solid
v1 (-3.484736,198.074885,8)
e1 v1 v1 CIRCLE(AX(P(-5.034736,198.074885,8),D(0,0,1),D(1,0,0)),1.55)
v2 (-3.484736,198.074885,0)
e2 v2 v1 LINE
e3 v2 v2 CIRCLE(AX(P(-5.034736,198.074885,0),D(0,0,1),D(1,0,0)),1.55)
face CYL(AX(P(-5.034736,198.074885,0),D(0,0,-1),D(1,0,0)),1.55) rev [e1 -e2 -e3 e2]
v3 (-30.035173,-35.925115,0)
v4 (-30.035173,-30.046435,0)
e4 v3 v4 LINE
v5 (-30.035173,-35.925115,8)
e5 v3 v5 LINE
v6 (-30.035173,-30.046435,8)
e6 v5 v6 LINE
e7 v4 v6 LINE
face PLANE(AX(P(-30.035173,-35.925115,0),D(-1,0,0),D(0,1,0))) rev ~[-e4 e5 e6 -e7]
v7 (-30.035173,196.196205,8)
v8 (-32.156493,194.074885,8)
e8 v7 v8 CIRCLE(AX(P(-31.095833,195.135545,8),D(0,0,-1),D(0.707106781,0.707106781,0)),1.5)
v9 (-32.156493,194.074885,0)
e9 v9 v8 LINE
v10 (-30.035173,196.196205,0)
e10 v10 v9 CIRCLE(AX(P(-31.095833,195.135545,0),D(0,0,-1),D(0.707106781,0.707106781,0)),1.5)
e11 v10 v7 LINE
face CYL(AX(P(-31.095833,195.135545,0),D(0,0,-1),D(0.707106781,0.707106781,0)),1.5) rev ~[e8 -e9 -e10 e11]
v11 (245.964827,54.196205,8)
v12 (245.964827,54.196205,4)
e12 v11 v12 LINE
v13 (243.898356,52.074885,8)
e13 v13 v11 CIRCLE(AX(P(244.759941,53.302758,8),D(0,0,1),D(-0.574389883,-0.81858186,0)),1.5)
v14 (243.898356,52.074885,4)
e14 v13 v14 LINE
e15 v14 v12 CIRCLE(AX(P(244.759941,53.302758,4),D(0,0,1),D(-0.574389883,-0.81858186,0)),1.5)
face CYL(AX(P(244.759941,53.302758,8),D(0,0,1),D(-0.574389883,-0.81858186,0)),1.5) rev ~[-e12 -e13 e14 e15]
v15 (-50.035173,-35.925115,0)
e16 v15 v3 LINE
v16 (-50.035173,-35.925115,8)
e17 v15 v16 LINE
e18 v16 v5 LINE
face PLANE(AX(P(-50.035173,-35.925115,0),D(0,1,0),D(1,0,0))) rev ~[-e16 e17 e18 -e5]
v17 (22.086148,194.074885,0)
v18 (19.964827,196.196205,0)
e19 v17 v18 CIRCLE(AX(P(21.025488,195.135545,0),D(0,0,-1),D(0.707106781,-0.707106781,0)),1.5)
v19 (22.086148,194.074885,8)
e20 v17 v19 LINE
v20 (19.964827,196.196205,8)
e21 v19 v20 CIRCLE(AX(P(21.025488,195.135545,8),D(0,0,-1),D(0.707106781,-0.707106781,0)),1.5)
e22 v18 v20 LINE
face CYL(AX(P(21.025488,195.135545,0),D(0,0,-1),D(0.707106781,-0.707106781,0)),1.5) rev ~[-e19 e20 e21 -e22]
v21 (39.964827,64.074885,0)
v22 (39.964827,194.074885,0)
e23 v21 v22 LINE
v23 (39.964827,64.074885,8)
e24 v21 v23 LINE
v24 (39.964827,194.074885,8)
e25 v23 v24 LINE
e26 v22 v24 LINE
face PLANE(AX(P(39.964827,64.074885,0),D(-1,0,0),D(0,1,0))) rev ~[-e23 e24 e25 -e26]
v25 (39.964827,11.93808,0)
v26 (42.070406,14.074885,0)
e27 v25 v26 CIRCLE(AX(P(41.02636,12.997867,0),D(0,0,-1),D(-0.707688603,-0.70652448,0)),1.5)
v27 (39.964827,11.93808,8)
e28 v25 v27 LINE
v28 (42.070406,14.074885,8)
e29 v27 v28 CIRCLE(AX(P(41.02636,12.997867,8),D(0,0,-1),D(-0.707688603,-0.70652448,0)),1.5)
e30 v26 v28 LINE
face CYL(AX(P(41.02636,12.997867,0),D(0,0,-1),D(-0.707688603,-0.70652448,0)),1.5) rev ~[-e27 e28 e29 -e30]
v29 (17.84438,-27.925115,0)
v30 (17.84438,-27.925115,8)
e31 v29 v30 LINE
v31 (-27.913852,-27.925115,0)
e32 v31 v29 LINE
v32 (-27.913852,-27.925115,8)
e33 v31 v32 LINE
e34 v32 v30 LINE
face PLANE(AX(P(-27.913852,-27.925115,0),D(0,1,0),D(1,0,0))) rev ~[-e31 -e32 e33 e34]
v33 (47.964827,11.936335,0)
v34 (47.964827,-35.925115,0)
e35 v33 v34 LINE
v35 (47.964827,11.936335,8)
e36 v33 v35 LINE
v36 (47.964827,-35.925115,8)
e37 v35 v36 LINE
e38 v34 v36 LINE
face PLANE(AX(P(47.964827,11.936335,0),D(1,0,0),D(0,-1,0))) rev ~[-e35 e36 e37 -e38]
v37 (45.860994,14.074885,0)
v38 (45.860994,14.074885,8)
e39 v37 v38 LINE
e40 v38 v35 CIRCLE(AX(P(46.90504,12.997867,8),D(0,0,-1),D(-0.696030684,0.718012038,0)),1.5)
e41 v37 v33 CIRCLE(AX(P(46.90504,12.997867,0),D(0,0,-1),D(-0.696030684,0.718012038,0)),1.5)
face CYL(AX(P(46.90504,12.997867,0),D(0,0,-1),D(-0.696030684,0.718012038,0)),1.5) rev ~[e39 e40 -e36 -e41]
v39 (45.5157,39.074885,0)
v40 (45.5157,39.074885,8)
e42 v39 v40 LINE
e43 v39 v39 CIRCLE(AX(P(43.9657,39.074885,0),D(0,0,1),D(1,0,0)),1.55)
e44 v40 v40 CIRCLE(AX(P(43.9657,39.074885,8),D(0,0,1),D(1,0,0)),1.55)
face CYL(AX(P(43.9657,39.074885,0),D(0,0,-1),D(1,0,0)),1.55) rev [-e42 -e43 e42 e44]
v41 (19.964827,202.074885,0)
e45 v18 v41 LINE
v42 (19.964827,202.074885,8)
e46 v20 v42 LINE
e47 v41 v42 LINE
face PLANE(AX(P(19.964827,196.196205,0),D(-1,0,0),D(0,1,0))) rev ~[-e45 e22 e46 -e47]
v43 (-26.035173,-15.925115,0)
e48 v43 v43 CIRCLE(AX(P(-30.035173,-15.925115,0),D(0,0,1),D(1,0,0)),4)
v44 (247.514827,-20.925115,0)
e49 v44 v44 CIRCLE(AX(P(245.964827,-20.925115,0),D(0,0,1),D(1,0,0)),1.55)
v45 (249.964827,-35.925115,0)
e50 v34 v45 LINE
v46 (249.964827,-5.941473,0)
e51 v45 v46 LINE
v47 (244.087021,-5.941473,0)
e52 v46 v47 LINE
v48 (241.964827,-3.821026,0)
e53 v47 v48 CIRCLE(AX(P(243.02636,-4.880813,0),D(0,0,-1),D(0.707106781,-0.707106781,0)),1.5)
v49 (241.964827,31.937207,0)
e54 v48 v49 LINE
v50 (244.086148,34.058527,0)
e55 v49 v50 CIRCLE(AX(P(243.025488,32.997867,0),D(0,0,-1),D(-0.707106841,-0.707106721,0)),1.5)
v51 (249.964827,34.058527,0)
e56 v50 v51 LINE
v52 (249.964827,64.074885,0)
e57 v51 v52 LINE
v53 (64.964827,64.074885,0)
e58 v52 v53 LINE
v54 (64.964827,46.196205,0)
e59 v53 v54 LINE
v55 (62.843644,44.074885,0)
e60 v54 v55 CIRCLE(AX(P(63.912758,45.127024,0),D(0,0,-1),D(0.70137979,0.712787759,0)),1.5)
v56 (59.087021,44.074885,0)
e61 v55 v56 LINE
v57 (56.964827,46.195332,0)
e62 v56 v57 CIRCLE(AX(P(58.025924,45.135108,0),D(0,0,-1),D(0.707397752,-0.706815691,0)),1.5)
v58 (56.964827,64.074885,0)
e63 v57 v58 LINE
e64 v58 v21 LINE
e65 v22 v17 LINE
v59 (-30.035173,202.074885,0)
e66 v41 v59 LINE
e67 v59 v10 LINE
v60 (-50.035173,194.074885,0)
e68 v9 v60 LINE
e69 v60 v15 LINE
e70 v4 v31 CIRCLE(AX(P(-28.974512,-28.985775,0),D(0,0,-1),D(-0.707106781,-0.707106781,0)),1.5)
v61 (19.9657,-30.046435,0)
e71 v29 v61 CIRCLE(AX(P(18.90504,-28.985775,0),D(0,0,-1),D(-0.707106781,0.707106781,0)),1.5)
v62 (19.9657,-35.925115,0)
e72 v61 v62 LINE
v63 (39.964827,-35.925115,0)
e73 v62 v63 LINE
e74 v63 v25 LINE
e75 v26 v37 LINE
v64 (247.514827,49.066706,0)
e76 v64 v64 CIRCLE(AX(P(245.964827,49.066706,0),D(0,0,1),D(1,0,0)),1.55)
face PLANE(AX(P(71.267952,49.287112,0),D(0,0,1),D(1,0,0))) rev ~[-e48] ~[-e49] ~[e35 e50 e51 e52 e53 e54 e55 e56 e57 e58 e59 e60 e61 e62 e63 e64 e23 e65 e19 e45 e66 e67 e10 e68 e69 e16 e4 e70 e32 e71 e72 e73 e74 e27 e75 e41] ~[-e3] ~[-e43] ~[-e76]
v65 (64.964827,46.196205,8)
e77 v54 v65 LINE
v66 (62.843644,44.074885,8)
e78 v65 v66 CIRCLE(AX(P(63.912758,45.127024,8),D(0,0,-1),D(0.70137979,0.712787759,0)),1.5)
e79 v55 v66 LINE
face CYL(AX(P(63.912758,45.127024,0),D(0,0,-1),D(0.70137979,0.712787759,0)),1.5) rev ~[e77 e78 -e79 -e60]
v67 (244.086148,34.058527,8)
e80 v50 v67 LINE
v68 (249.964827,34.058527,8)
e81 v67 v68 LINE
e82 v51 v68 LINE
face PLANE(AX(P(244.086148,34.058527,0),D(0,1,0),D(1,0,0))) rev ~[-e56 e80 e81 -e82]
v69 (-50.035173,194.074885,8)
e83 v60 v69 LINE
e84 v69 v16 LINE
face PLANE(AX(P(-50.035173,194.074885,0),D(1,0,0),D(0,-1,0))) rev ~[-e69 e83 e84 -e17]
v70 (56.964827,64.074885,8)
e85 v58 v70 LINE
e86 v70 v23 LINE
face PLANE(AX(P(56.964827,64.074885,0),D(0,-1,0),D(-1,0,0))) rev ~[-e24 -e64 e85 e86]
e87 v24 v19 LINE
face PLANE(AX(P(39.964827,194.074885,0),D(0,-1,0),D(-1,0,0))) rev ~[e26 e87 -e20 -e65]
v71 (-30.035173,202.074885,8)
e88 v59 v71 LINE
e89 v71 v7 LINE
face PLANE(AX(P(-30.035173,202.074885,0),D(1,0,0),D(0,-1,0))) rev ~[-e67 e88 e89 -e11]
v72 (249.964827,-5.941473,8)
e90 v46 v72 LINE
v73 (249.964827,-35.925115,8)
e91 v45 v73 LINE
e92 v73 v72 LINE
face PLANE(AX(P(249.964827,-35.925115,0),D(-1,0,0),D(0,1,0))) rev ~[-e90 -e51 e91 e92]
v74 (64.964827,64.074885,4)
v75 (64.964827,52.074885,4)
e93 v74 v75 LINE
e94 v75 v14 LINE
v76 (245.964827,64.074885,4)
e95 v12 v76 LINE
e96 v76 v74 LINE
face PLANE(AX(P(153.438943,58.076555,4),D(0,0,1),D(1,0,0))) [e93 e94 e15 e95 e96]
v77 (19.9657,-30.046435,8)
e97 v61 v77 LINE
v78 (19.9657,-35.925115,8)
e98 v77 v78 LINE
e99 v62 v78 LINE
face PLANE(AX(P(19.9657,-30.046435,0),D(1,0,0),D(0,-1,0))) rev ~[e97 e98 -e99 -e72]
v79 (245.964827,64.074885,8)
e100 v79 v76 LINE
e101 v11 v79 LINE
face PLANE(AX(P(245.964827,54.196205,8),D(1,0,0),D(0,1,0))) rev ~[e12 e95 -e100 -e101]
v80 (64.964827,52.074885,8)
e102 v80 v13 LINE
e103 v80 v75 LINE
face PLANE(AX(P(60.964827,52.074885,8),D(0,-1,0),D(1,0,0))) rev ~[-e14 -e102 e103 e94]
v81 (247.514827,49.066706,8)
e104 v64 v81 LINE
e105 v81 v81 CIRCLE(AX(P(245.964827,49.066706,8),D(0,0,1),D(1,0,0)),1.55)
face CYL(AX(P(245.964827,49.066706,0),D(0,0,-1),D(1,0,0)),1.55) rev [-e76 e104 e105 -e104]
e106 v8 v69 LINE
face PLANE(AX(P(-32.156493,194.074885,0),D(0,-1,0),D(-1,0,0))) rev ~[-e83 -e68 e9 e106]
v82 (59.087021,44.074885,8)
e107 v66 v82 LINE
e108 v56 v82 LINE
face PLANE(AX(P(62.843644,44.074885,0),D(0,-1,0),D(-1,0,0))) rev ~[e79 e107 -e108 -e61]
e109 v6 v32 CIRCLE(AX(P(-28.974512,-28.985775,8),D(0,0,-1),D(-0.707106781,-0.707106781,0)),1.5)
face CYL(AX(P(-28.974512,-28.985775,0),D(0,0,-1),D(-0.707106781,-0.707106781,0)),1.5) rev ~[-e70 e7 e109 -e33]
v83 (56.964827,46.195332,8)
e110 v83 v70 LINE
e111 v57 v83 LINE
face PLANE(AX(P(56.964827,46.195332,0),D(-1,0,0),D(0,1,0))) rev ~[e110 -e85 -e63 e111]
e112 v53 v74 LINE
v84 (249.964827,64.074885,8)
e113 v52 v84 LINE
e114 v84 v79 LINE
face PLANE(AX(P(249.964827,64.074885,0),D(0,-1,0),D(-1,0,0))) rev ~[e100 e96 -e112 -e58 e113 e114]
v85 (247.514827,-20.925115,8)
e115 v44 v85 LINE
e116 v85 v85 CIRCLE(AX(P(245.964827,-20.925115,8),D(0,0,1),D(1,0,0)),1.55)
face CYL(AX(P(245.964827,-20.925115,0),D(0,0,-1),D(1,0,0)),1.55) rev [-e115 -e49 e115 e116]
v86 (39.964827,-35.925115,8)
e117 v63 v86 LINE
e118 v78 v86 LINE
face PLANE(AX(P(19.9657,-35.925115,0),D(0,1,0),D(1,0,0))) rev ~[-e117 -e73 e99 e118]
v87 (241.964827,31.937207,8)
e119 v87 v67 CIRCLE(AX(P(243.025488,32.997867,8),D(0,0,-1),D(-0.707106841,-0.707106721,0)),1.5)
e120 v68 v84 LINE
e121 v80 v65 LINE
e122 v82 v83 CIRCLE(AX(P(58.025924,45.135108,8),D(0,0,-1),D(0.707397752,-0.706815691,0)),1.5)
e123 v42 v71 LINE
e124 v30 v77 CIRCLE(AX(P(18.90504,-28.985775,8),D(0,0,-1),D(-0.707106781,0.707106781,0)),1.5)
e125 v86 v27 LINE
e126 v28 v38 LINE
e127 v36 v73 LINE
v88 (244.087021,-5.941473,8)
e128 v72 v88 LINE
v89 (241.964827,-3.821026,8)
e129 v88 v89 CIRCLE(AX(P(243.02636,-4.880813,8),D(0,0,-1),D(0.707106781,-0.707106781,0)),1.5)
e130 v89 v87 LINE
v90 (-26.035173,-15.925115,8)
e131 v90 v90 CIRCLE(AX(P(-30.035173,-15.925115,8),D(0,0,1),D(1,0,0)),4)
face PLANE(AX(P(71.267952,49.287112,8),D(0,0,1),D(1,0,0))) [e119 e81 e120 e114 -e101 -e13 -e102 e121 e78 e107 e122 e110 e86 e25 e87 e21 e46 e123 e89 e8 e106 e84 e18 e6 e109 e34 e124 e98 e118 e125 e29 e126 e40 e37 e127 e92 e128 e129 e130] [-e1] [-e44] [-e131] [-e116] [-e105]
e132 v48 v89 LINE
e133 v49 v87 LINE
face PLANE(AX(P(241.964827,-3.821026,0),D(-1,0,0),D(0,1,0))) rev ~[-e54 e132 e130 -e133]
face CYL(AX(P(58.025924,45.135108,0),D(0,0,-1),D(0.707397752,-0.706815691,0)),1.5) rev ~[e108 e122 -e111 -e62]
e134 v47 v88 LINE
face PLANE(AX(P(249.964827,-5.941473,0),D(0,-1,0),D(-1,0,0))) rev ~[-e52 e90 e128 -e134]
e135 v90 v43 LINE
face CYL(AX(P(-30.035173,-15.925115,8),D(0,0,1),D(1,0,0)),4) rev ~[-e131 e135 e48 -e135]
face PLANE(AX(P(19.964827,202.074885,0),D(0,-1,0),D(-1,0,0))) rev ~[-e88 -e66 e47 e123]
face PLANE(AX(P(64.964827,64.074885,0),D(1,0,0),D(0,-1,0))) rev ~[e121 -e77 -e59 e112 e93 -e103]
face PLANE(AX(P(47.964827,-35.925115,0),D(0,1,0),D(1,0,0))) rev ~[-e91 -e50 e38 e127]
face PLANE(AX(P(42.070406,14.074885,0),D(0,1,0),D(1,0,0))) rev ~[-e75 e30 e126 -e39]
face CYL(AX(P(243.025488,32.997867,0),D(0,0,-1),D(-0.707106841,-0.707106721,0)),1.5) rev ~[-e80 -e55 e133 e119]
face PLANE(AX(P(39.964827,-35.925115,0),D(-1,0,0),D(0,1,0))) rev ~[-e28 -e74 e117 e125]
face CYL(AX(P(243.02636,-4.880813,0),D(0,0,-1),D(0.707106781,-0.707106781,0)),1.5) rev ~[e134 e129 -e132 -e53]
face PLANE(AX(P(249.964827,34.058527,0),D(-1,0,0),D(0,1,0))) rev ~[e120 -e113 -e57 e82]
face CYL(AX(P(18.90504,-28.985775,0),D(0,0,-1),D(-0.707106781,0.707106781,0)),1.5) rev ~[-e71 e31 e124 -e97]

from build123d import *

# Parameters (mm, degrees)
ESQUISSE1_R             = 1.55
BOSS_EXTRU_1_DEPTH      = 8
ENL_V_MAT_EXTRU_1_DEPTH = 4
ESQUISSE3_R             = 4
ENL_V_MAT_EXTRU_2_DEPTH = 8


with BuildPart() as part:
    # Esquisse1 → Boss.-Extru.1 (new body)
    with BuildSketch(Plane.XY):
        with BuildLine():
            Line((-50.035172564, 24.058527132), (-50.035172564, -35.925114983))
            Line((-50.035172564, -35.925114983), (-30.035172564, -35.925114983))
            Line((-30.035172564, -35.925114983), (-30.035172564, -30.046435327))
            ThreePointArc((-30.035172564, -30.046435327), (-30.035172564, -27.925114983), (-27.913852221, -27.925114983))
            Line((-27.913852221, -27.925114983), (17.844379825, -27.925114983))
            ThreePointArc((17.844379825, -27.925114983), (19.965700169, -27.925114983), (19.965700169, -30.046435327))
            Line((19.965700169, -30.046435327), (19.965700169, -35.925114983))
            Line((19.965700169, -35.925114983), (39.964827436, -35.925114983))
            Line((39.964827436, -35.925114983), (39.964827436, 11.93808024))
            ThreePointArc((39.964827436, 11.93808024), (39.957922176, 14.050691679), (42.070406367, 14.074885017))
            Line((42.070406367, 14.074885017), (45.86099397, 14.074885017))
            ThreePointArc((45.86099397, 14.074885017), (47.974344085, 14.04981219), (47.964827436, 11.936334773))
            Line((47.964827436, 11.936334773), (47.964827436, -35.925114983))
            Line((47.964827436, -35.925114983), (249.964827436, -35.925114983))
            Line((249.964827436, -35.925114983), (249.964827436, -5.941472868))
            Line((249.964827436, -5.941472868), (244.087020512, -5.941472868))
            ThreePointArc((244.087020512, -5.941472868), (241.966136804, -5.941909324), (241.964827436, -3.821025976))
            Line((241.964827436, -3.821025976), (241.964827436, 31.937207148))
            ThreePointArc((241.964827436, 31.937207148), (241.964827616, 34.058527312), (244.086147779, 34.058527132))
            Line((244.086147779, 34.058527132), (249.964827436, 34.058527132))
            Line((249.964827436, 34.058527132), (249.964827436, 64.074885017))
            Line((249.964827436, 64.074885017), (64.964827436, 64.074885017))
            Line((64.964827436, 64.074885017), (64.964827436, 46.19620536))
            ThreePointArc((64.964827436, 46.19620536), (64.973452157, 44.066397786), (62.843644031, 44.074885017))
            Line((62.843644031, 44.074885017), (59.087020512, 44.074885017))
            ThreePointArc((59.087020512, 44.074885017), (56.965700528, 44.074011925), (56.964827436, 46.195331909))
            Line((56.964827436, 46.195331909), (56.964827436, 64.074885017))
            Line((56.964827436, 64.074885017), (39.964827436, 64.074885017))
            Line((39.964827436, 64.074885017), (39.964827436, 194.074885017))
            Line((39.964827436, 194.074885017), (22.086147779, 194.074885017))
            ThreePointArc((22.086147779, 194.074885017), (19.964827436, 194.074885017), (19.964827436, 196.19620536))
            Line((19.964827436, 196.19620536), (19.964827436, 202.074885017))
            Line((19.964827436, 202.074885017), (-30.035172564, 202.074885017))
            Line((-30.035172564, 202.074885017), (-30.035172564, 196.19620536))
            ThreePointArc((-30.035172564, 196.19620536), (-30.035172564, 194.074885017), (-32.156492908, 194.074885017))
            Line((-32.156492908, 194.074885017), (-50.035172564, 194.074885017))
            Line((-50.035172564, 194.074885017), (-50.035172564, 24.058527132))
        make_face()
        with Locations((43.965700169, 39.074885017)):
            Circle(ESQUISSE1_R, mode=Mode.SUBTRACT)
        with Locations((-5.034736198, 198.074885017)):
            Circle(ESQUISSE1_R, mode=Mode.SUBTRACT)
        with Locations((245.964827436, -20.925114983)):
            Circle(ESQUISSE1_R, mode=Mode.SUBTRACT)
        with Locations((245.964827481, 49.066706209)):
            Circle(ESQUISSE1_R, mode=Mode.SUBTRACT)
    extrude(amount=BOSS_EXTRU_1_DEPTH)

    # Esquisse2 → Enlèv. mat.-Extru.1 (cut)
    with BuildSketch(Plane.XY.offset(8)):
        with BuildLine():
            Line((60.964827436, 52.074885017), (243.898356115, 52.074885017))
            ThreePointArc((243.898356115, 52.074885017), (245.834400808, 52.256079256), (245.964827436, 54.19620536))
            Line((245.964827436, 54.19620536), (245.964827436, 64.074885017))
            Line((245.964827436, 64.074885017), (60.964827436, 64.074885017))
            Line((60.964827436, 64.074885017), (60.964827436, 52.074885017))
        make_face()
    extrude(amount=-ENL_V_MAT_EXTRU_1_DEPTH, mode=Mode.SUBTRACT)

    # Esquisse3 → Enlèv. mat.-Extru.2 (cut)
    with BuildSketch(Plane.XY.offset(8)):
        with Locations((-30.035172564, -15.925114983)):
            Circle(ESQUISSE3_R)
    extrude(amount=-ENL_V_MAT_EXTRU_2_DEPTH, mode=Mode.SUBTRACT)


solid = part.part
